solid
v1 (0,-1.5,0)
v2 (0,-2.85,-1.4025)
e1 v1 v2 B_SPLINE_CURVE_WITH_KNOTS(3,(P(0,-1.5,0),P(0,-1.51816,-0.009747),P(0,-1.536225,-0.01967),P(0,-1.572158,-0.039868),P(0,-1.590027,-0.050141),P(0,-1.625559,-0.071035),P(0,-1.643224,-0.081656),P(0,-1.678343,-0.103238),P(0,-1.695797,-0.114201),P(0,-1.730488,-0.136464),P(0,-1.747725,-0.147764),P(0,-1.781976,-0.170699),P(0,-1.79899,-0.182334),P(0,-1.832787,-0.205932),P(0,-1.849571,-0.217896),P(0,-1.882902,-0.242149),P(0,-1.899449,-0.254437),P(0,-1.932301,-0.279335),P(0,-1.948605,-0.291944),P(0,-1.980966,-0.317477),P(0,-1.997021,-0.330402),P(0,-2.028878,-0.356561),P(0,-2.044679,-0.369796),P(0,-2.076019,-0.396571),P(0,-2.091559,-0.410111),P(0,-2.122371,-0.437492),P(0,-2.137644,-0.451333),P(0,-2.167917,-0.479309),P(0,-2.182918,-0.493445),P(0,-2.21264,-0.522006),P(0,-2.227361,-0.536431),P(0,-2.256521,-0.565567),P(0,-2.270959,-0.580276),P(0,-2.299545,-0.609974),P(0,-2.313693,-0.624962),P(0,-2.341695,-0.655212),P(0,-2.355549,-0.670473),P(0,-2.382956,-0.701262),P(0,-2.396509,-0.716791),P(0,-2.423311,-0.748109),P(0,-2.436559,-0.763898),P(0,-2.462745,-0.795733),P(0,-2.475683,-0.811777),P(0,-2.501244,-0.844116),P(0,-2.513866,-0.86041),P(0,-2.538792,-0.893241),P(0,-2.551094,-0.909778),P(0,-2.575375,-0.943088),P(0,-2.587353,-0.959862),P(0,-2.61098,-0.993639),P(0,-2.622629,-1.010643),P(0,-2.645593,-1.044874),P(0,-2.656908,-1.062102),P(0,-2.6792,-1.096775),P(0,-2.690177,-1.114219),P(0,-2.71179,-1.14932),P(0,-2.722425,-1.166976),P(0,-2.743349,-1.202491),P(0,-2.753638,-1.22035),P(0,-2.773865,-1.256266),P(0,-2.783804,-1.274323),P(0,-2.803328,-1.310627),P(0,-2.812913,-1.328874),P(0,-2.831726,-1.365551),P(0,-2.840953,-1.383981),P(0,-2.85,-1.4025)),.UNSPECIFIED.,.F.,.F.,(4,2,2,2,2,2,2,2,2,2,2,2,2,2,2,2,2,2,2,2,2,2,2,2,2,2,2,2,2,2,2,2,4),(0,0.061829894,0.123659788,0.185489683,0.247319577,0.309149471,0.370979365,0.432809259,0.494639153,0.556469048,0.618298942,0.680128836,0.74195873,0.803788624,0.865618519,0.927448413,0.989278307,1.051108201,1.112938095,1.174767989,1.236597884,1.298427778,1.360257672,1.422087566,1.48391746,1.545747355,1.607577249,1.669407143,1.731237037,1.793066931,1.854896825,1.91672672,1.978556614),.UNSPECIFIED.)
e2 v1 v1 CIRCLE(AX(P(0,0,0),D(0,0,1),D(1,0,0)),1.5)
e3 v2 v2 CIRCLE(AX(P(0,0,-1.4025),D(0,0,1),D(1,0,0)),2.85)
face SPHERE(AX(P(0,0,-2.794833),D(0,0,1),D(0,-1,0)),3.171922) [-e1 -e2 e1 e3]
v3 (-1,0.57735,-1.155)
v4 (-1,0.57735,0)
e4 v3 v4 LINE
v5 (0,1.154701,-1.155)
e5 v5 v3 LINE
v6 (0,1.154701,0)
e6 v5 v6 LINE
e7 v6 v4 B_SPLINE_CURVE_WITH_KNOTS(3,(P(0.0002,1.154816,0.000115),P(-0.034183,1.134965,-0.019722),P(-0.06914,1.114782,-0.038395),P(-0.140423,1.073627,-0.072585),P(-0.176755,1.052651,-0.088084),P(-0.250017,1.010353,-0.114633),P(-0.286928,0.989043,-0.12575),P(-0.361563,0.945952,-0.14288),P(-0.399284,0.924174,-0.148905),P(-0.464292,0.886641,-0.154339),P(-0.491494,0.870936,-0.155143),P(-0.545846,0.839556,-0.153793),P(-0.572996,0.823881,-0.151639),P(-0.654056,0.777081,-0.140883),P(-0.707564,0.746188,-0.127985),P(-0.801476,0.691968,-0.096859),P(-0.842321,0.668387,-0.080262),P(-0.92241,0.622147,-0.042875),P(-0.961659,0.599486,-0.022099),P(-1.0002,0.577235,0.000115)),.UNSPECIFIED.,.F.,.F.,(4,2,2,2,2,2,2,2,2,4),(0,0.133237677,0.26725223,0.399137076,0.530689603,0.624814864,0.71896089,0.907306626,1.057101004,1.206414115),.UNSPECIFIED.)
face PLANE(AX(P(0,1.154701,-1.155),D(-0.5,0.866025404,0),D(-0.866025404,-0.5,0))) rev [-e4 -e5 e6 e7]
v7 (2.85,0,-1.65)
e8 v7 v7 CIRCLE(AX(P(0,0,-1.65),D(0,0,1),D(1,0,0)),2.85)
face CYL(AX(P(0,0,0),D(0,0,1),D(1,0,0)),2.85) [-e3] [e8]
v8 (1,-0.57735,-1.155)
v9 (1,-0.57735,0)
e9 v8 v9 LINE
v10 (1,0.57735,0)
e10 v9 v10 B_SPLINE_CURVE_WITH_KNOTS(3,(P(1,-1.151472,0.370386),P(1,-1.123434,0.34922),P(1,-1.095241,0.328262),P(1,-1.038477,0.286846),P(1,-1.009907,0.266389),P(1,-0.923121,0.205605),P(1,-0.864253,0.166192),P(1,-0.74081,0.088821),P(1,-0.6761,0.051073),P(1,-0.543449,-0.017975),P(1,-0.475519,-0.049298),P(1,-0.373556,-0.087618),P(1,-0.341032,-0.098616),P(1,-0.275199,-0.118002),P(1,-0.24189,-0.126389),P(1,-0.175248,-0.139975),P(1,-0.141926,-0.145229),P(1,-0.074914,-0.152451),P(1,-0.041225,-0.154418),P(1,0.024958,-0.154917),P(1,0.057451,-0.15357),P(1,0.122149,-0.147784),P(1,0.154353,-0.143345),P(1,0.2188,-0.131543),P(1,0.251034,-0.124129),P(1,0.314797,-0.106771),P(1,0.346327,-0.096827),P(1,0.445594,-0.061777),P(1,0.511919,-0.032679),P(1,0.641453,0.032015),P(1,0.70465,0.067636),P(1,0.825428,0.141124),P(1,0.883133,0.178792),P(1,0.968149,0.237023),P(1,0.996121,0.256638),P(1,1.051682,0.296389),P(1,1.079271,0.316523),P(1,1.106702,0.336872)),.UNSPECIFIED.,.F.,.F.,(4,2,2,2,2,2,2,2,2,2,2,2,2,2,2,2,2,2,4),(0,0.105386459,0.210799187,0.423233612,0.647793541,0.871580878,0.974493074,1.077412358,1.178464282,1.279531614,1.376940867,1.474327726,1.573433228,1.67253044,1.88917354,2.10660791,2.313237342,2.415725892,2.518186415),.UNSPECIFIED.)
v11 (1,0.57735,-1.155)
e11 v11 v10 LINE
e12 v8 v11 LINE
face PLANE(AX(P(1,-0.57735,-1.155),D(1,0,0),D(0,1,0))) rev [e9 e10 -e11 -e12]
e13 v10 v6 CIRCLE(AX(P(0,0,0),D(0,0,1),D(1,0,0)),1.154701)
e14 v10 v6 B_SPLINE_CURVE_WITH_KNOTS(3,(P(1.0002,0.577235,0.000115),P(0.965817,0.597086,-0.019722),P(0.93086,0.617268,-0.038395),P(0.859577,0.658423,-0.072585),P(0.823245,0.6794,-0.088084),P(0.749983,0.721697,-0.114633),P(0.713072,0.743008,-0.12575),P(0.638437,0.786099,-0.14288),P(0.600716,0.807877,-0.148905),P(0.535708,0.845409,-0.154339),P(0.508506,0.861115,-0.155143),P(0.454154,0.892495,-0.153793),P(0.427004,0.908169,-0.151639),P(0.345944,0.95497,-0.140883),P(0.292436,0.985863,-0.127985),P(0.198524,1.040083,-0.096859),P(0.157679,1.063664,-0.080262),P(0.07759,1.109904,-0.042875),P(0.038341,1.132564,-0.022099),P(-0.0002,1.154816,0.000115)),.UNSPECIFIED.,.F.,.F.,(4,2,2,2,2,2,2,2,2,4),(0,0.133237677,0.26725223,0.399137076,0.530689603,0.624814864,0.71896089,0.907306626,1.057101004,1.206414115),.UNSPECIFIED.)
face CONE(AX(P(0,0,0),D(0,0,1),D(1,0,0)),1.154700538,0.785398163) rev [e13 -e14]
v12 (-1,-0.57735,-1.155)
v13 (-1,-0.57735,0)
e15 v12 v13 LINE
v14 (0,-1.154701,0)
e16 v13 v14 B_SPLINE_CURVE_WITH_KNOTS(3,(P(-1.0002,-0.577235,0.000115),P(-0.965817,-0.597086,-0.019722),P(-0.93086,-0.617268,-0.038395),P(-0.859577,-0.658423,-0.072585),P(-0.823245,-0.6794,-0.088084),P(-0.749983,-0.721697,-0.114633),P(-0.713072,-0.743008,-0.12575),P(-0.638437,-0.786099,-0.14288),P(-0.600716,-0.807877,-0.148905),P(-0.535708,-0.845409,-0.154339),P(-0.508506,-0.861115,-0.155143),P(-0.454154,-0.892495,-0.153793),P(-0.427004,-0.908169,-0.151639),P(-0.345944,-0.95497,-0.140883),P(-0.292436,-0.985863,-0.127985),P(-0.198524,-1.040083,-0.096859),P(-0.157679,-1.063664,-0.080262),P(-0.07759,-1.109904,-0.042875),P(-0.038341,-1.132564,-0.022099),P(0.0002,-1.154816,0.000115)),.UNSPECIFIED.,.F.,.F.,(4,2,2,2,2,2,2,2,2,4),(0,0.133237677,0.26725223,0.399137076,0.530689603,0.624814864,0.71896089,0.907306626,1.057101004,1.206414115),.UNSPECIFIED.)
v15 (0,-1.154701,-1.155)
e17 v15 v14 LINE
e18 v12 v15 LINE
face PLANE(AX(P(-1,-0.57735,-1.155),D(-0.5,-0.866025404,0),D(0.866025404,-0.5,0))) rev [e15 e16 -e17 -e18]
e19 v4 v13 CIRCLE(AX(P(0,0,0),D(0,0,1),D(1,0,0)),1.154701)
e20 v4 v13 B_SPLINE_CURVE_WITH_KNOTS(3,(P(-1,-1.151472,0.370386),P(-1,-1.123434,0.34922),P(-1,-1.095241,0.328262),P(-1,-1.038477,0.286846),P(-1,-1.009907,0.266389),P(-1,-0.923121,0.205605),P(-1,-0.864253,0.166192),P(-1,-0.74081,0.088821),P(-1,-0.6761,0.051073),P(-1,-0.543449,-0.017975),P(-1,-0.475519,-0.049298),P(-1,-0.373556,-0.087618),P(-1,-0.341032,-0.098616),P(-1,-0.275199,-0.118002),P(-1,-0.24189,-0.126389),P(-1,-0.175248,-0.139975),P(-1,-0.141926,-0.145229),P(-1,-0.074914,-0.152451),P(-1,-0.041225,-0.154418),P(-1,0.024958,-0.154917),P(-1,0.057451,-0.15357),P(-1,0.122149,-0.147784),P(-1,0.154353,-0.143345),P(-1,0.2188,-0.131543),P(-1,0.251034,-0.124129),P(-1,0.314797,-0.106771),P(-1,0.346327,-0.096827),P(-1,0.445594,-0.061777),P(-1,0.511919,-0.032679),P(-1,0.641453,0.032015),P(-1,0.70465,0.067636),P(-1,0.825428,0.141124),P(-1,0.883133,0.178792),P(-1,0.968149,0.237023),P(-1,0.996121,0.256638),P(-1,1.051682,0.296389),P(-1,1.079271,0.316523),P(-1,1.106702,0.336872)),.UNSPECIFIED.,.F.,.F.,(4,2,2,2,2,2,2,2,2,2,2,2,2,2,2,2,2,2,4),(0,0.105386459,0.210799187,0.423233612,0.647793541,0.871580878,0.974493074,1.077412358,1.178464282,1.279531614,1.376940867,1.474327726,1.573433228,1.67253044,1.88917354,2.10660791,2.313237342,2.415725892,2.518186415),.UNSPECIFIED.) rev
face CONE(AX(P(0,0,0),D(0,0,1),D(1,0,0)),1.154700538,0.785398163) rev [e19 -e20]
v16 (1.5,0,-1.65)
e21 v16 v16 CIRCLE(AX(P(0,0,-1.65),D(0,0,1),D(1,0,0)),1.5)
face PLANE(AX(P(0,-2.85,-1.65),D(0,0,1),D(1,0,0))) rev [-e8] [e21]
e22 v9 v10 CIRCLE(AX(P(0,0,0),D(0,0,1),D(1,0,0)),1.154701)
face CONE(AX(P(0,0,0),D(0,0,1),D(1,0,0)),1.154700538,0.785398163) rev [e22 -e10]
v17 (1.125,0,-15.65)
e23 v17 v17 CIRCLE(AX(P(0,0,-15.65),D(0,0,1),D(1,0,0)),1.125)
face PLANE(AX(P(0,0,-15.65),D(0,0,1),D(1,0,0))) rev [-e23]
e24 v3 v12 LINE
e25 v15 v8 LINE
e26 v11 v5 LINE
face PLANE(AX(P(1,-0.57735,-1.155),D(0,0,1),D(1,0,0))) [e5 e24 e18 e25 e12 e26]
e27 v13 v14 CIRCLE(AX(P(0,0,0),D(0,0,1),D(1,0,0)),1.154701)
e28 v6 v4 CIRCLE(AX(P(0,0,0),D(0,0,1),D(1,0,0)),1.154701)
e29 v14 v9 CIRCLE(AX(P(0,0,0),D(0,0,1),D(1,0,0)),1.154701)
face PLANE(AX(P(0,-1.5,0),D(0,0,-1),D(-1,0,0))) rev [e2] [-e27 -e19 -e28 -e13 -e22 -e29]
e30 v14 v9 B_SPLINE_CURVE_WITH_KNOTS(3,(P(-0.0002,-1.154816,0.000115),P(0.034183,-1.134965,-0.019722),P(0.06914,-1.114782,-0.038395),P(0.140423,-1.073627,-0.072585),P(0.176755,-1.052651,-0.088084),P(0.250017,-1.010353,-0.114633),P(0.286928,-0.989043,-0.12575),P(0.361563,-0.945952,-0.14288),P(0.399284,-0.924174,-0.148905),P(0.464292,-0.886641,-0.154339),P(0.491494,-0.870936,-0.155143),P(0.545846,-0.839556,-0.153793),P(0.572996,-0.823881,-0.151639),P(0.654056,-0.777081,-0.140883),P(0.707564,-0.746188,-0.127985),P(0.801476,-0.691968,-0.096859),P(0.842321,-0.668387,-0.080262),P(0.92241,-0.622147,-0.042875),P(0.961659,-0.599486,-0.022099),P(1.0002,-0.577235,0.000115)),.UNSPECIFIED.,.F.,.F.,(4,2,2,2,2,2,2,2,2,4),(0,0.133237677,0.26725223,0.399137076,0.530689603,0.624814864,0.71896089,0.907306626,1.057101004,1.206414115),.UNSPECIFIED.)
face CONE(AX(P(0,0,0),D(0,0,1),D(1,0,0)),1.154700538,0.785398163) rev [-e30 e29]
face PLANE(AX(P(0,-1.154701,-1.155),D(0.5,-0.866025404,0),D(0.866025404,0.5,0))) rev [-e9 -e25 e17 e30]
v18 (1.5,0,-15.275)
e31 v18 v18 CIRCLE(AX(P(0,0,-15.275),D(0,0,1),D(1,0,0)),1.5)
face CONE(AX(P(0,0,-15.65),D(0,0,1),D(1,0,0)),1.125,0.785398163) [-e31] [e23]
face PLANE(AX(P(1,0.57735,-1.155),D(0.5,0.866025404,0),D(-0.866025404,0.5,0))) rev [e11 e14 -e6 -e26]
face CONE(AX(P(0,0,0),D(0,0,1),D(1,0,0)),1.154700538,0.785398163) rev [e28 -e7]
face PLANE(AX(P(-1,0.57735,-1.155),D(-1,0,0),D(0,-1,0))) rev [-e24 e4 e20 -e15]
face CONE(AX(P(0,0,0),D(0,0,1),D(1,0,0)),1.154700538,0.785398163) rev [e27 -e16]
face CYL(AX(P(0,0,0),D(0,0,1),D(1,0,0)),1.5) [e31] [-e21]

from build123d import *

# Parameters (mm, degrees)
CUT_EXTRUDE2_DEPTH = 1.155


with BuildPart() as part:
    # Sketch10 → Revolve3 (revolve)
    with BuildSketch(Plane(origin=(0, 0, 0), x_dir=(0, 0, -1), z_dir=(1, 0, 0))):
        Polygon((15.275, 1.5), (15.65, 1.125), (15.65, 0), (1.65, 0), (1.65, 1.5), align=None)
    revolve(axis=Axis((0, 0, 0), (0, 0, -1)))

    # Sketch7 → Revolve2 (revolve)
    with BuildSketch(Plane(origin=(0, 0, 0), x_dir=(0, 0, -1), z_dir=(1, 0, 0))):
        with BuildLine():
            Line((1.4025, 2.85), (1.65, 2.85))
            Line((1.65, 2.85), (1.65, 0))
            Line((1.65, 0), (0, 0))
            Line((0, 0), (0, 1.5))
            ThreePointArc((0, 1.5), (0.59512511, 2.285251969), (1.4025, 2.85))
        make_face()
    revolve(axis=Axis((0, 0, 0), (0, 0, -1)))

    # Sketch5 → Cut-Extrude2 (cut)
    with BuildSketch(Plane.XY):
        Polygon((1, -0.577350269), (1, 0.577350269), (0, 1.154700538), (-1, 0.577350269), (-1, -0.577350269), (0, -1.154700538), align=None)
    extrude(amount=-CUT_EXTRUDE2_DEPTH, mode=Mode.SUBTRACT)

    # Cut-Extrude3 cone 1 section (through the dimple's axis) → Cut-Extrude3 (revolve, cut)
    with BuildSketch(Plane(origin=(0, 0, 0), x_dir=(0, -1, 0), z_dir=(1, 0, 0))):
        Polygon((0, 0), (1.154700538, 0), (0, 1.154700538), align=None)
    revolve(axis=Axis((0, 0, 0), (0, 0, -1)), mode=Mode.SUBTRACT)


solid = part.part
